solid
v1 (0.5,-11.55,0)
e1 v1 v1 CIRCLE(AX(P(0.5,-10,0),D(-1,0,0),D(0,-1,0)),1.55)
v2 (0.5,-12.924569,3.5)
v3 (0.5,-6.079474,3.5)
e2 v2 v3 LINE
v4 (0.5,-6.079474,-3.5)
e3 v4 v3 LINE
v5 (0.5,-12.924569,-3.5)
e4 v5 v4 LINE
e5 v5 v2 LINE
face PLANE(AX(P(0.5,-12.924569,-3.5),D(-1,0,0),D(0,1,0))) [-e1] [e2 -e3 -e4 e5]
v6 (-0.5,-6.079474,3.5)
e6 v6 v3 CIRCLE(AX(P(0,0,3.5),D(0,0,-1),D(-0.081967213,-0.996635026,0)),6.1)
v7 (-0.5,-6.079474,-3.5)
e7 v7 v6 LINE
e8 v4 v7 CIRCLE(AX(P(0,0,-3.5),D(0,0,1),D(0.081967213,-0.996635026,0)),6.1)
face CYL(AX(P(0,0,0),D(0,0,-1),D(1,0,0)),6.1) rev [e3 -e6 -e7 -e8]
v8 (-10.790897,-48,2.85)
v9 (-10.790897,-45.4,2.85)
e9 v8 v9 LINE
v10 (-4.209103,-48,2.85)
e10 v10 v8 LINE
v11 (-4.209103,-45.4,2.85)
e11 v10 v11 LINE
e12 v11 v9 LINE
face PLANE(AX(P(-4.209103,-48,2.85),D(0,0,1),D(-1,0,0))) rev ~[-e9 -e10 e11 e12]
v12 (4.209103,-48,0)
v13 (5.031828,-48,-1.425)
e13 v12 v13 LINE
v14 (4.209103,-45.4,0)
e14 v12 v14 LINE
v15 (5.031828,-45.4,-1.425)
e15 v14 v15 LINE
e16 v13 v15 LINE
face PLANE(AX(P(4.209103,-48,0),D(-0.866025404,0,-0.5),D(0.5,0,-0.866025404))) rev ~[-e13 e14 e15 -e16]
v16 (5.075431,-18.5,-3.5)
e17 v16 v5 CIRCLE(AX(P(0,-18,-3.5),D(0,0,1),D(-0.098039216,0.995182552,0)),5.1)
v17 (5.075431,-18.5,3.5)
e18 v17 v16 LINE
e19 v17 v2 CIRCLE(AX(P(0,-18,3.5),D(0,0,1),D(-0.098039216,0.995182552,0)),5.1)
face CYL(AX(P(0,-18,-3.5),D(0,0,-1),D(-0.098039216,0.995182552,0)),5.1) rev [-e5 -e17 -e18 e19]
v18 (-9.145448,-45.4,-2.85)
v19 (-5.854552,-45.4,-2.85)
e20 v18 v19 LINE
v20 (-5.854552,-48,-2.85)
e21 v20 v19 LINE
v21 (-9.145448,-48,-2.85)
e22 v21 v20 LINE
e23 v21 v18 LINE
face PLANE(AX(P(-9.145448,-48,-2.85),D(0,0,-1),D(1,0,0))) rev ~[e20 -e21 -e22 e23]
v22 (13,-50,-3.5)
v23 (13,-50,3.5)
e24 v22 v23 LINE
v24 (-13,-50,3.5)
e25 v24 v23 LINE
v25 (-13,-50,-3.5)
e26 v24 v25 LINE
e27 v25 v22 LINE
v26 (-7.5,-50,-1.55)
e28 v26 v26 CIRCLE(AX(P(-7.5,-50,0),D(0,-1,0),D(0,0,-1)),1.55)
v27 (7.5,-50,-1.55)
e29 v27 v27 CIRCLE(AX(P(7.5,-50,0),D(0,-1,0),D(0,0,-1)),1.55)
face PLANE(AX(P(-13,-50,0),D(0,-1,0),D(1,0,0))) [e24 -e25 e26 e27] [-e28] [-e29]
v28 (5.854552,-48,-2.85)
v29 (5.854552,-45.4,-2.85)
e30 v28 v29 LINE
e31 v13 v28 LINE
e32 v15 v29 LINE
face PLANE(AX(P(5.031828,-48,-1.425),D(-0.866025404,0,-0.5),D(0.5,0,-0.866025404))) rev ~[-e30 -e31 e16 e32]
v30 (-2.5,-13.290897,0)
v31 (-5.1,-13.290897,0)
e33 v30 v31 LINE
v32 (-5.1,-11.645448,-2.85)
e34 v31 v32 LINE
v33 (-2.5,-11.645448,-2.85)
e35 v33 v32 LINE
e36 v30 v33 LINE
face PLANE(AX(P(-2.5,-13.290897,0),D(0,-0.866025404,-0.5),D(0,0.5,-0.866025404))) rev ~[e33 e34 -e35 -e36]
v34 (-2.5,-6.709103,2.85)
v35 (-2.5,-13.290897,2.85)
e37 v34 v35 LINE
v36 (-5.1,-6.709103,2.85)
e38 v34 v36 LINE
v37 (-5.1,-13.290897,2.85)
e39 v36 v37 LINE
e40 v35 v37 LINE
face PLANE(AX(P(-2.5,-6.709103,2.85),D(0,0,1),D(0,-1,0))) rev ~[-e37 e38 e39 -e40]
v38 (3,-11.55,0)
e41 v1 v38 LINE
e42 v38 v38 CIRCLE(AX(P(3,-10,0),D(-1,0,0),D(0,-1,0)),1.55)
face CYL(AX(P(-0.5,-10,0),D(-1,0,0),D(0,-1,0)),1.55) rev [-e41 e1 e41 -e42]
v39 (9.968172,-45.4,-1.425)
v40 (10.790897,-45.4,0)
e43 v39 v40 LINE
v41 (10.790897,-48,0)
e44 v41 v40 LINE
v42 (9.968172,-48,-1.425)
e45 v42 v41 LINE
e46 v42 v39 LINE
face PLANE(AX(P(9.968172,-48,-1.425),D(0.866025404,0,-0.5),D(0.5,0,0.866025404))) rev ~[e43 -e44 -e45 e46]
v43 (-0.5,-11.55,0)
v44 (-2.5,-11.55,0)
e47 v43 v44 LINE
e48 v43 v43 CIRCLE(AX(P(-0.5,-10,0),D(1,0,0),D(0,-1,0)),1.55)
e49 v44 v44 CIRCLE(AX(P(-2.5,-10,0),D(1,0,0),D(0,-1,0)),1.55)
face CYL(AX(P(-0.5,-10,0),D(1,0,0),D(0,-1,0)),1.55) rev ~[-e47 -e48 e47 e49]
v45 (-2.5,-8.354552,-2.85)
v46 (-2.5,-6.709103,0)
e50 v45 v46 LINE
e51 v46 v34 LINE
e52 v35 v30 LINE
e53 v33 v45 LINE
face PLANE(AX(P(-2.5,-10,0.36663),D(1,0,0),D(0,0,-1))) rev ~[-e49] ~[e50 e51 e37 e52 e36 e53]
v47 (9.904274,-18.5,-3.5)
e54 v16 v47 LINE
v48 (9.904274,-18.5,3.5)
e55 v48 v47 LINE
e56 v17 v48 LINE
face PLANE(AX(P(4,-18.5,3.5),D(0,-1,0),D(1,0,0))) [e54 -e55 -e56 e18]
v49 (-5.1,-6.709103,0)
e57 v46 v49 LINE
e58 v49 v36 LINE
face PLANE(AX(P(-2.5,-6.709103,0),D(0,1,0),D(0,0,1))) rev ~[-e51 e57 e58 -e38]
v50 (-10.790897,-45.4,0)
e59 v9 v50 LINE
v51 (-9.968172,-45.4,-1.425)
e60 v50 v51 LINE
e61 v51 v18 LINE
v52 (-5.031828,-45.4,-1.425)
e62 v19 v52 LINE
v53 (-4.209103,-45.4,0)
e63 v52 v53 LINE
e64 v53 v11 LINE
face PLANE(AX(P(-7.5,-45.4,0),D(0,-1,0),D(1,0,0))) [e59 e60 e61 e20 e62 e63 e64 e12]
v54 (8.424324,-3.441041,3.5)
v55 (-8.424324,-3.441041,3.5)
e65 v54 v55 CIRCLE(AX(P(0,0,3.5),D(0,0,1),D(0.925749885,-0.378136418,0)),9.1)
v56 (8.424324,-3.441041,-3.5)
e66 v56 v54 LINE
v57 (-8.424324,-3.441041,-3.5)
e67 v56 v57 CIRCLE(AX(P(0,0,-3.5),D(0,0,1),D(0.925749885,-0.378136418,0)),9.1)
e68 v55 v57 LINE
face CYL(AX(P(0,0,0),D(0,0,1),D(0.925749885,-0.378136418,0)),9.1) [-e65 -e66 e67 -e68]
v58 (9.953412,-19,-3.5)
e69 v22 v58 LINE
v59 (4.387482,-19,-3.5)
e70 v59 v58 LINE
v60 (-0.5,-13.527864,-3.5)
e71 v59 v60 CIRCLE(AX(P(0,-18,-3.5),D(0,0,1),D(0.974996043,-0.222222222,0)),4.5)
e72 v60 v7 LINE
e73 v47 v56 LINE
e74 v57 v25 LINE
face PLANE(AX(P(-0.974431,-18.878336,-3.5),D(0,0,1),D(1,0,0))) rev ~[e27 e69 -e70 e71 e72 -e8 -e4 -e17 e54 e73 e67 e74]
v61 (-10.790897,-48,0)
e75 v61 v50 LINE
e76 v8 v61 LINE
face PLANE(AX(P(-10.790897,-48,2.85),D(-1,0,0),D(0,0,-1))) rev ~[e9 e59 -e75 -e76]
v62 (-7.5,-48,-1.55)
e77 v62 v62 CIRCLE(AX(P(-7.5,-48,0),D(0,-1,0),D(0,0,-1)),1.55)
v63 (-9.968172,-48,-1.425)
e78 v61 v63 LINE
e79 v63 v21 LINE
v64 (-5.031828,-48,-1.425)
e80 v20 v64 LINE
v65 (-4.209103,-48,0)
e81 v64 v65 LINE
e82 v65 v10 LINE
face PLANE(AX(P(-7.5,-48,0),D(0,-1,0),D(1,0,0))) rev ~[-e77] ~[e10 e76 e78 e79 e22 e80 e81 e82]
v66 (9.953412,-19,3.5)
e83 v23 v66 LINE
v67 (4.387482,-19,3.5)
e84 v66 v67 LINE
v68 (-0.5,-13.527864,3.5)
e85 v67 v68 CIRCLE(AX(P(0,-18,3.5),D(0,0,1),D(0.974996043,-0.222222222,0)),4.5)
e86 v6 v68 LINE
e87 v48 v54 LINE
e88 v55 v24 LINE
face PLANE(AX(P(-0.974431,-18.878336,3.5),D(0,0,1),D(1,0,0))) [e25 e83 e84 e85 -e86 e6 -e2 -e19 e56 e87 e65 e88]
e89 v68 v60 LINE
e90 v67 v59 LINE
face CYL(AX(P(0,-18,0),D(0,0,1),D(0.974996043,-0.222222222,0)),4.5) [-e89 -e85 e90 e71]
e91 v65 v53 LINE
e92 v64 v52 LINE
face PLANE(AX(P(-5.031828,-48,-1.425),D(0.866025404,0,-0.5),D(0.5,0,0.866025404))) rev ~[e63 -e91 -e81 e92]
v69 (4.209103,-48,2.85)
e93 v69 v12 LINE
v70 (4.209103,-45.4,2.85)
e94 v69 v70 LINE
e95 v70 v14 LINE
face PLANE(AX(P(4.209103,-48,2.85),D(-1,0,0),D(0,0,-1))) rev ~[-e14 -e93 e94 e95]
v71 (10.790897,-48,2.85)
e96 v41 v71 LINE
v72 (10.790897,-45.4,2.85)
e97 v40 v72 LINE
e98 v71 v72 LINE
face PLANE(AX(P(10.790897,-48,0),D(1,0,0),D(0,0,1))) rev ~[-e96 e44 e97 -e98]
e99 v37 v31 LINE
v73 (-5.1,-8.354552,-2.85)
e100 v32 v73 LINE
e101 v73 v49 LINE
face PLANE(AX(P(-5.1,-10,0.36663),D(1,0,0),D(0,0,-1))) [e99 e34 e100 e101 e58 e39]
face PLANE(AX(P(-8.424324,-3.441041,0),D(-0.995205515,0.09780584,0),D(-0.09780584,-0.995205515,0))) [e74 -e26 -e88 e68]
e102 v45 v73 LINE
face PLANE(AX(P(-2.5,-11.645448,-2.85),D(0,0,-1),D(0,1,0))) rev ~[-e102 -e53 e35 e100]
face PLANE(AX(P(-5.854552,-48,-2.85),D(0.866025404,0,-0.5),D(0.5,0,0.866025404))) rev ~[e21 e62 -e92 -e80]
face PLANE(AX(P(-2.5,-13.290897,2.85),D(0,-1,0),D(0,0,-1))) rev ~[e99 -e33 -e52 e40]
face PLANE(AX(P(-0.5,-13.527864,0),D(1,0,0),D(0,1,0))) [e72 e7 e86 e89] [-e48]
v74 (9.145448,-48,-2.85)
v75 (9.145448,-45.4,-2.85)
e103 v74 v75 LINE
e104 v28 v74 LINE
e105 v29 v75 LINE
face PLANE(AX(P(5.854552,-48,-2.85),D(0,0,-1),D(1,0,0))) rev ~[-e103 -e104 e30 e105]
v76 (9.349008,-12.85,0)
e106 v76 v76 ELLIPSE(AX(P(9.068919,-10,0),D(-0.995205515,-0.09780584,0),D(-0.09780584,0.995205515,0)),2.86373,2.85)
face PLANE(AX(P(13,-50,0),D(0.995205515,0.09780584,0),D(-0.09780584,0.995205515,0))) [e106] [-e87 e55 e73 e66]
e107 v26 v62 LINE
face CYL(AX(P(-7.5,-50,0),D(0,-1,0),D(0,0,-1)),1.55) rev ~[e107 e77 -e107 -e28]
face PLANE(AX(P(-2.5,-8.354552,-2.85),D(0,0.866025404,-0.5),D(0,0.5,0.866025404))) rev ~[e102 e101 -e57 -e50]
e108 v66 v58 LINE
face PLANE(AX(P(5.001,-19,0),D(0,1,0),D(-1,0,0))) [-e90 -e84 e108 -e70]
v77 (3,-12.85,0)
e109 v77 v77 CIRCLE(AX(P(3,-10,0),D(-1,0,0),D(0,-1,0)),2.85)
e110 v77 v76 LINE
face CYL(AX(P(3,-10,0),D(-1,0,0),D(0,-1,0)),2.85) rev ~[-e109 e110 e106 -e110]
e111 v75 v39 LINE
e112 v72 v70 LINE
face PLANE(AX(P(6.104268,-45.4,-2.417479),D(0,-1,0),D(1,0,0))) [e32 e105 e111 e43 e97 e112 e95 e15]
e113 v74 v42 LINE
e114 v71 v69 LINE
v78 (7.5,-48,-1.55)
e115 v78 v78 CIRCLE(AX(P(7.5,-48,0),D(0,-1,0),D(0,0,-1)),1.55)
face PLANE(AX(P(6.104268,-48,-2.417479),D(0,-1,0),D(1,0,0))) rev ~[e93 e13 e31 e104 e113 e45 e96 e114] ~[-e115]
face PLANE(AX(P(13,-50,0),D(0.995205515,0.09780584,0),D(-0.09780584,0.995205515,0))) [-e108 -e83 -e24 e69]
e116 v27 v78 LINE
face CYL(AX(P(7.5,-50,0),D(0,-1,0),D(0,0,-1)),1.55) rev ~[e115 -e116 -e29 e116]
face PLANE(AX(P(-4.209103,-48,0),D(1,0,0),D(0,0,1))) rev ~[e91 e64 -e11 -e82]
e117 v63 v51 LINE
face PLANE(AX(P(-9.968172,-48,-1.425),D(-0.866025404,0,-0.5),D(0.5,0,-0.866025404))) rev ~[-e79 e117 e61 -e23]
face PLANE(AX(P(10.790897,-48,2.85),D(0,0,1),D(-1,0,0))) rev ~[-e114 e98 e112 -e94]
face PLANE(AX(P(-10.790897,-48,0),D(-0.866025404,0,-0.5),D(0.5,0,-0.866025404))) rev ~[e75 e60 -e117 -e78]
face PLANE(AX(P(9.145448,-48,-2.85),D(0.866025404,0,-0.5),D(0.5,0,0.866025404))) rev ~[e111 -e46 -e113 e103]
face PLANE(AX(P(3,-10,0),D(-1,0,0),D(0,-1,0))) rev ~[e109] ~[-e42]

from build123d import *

# Parameters (mm, degrees)
SKETCH1_R                      = 6.1
THICKNESS_DEPTH                = 3.5
BOTNUTCUT_START                = -2
SKETCH2_R                      = 2.85
BOTNUTCUT_DEPTH                = 2.6
SKETCH3_R                      = 1.55
BOTSCREWCUT_DEPTH              = 2
CUT_EXTRUDE1_START             = -7
CUT_EXTRUDE1_DEPTH             = 7
RAILNUTCUT_START               = -2
RAILNUTCUT_DEPTH               = 2.6
SKETCH7_R                      = 1.55
RAILSCREWCUT_DEPTH             = 2.6
RAILSCREWCUT_DIRECTION_2_REACH = 53.909
RAILNUTHEADCUT_REACH           = 56.409
RAILNUTHEADCUT_START           = -2.5
SKETCH8_R                      = 2.85
SKETCH9_W                      = 7
SKETCH9_H                      = 0.5
MOVEMENTCUT_DEPTH              = 7
SKETCH10_R                     = 4.5
BOSS_EXTRUDE1_DEPTH            = 3.5


with BuildPart() as part:
    # Sketch1 → Thickness (new, symmetric)
    with BuildSketch(Plane.XY):
        with BuildLine():
            Line((-13, -50), (13, -50))
            Line((13, -50), (8.424323952, -3.441041405))
            ThreePointArc((8.424323952, -3.441041405), (0, 9.1), (-8.424323952, -3.441041405))
            Line((-8.424323952, -3.441041405), (-13, -50))
        make_face()
        Circle(SKETCH1_R, mode=Mode.SUBTRACT)
    extrude(amount=THICKNESS_DEPTH, both=True)

    # Sketch2 → BotNutCut (cut)
    with BuildSketch(Plane.XZ.offset(50).offset(BOTNUTCUT_START)):
        with Locations((-7.5, 0)):
            Circle(SKETCH2_R)
        with BuildLine():
            Line((-10.790896534, 2.85), (-10.790896534, 0))
            Line((-10.790896534, 0), (-9.968172361, -1.42500007))
            ThreePointArc((-9.968172361, -1.42500007), (-9.96817242, 1.424999968), (-7.499999995, 2.85))
            Line((-7.499999995, 2.85), (-10.790896534, 2.85))
        make_face()
        with BuildLine():
            Line((-4.209103466, 2.85), (-7.499999995, 2.85))
            ThreePointArc((-7.499999995, 2.85), (-5.484745672, 2.015254324), (-4.65, 0))
            ThreePointArc((-4.65, 0), (-4.747111384, -0.737634237), (-5.031827556, -1.424999925))
            Line((-5.031827556, -1.424999925), (-4.209103466, 0))
            Line((-4.209103466, 0), (-4.209103466, 2.85))
        make_face()
        with BuildLine():
            ThreePointArc((-5.031827556, -1.424999925), (-6.074999963, -2.468172379), (-7.5, -2.85))
            Line((-7.5, -2.85), (-5.854551733, -2.85))
            Line((-5.854551733, -2.85), (-5.031827556, -1.424999925))
        make_face()
        with BuildLine():
            ThreePointArc((-7.5, -2.85), (-8.924999965, -2.468172421), (-9.968172361, -1.42500007))
            Line((-9.968172361, -1.42500007), (-9.145448267, -2.85))
            Line((-9.145448267, -2.85), (-7.5, -2.85))
        make_face()
        with BuildLine():
            ThreePointArc((7.5, -2.85), (6.074999995, -2.468172398), (5.031827593, -1.42499999))
            Line((5.031827593, -1.42499999), (5.854551733, -2.85))
            Line((5.854551733, -2.85), (7.5, -2.85))
        make_face()
        with BuildLine():
            ThreePointArc((9.968172375, -1.425000045), (8.924999978, -2.468172414), (7.5, -2.85))
            Line((7.5, -2.85), (9.145448267, -2.85))
            Line((9.145448267, -2.85), (9.968172375, -1.425000045))
        make_face()
        with BuildLine():
            Line((10.790896534, 2.85), (7.5, 2.85))
            ThreePointArc((7.5, 2.85), (9.515254326, 2.015254326), (10.35, 0))
            ThreePointArc((10.35, 0), (10.252888598, -0.737634304), (9.968172375, -1.425000045))
            Line((9.968172375, -1.425000045), (10.790896534, 0))
            Line((10.790896534, 0), (10.790896534, 2.85))
        make_face()
        with BuildLine():
            Line((4.209103466, 2.85), (4.209103466, 0))
            Line((4.209103466, 0), (5.031827593, -1.42499999))
            ThreePointArc((5.031827593, -1.42499999), (5.031827602, 1.425000005), (7.5, 2.85))
            Line((7.5, 2.85), (4.209103466, 2.85))
        make_face()
        with Locations((7.5, 0)):
            Circle(SKETCH2_R)
    extrude(amount=-BOTNUTCUT_DEPTH, mode=Mode.SUBTRACT)

    # Sketch3 → BotScrewCut (cut)
    with BuildSketch(Plane.XZ.offset(50)):
        with Locations(Location((-7.5, 0, 0), (0, 0, 270))):
            Circle(SKETCH3_R)
        with Locations(Location((7.5, 0, 0), (0, 0, 270))):
            Circle(SKETCH3_R)
    extrude(amount=-BOTSCREWCUT_DEPTH, mode=Mode.SUBTRACT)

    # Sketch5 → Cut-Extrude1 (cut)
    with BuildSketch(Plane.XY.offset(3.5).offset(CUT_EXTRUDE1_START)):
        with BuildLine():
            ThreePointArc((0.5, -6.079473661), (0, -6.1), (-0.5, -6.079473661))
            Line((-0.5, -6.079473661), (-0.5, -12.924568984))
            ThreePointArc((-0.5, -12.924568984), (0, -23.1), (0.5, -12.924568984))
            Line((0.5, -12.924568984), (0.5, -6.079473661))
        make_face()
    extrude(amount=CUT_EXTRUDE1_DEPTH, mode=Mode.SUBTRACT)

    # Sketch6 → RailNutCut (cut)
    with BuildSketch(Plane(origin=(-0.5, 0, 0), x_dir=(0, 0, -1), z_dir=(1, 0, 0)).offset(RAILNUTCUT_START)):
        Polygon((0, -13.290896534), (2.85, -11.645448267), (2.85, -8.354551733), (0, -6.709103466), (-2.85, -6.709103466), (-2.85, -13.290896534), align=None)
    extrude(amount=-RAILNUTCUT_DEPTH, mode=Mode.SUBTRACT)

    # Sketch7 → RailScrewCut (cut)
    with BuildSketch(Plane(origin=(-0.5, 0, 0), x_dir=(0, 0, -1), z_dir=(1, 0, 0))):
        with Locations(Location((0, -10, 0), (0, 0, 270))):
            Circle(SKETCH7_R)
    extrude(amount=-RAILSCREWCUT_DEPTH, mode=Mode.SUBTRACT)

    # RailScrewCut direction 2: up to this plane
    railscrewcut_direction_2_end = Plane(origin=(13, -50, 3.5), z_dir=(-0.9952055153223801, -0.09780583966162733, 0))
    # Sketch7 → RailScrewCut direction 2 (cut, up to the surface)
    with BuildSketch(Plane(origin=(-0.5, 0, 0), x_dir=(0, 0, -1), z_dir=(1, 0, 0)), mode=Mode.PRIVATE) as railscrewcut_direction_2_sk1:
        with Locations(Location((0, -10, 0), (0, 0, 270))):
            Circle(SKETCH7_R)
    railscrewcut_direction_2_tool1 = split(extrude(railscrewcut_direction_2_sk1.sketch, amount=RAILSCREWCUT_DIRECTION_2_REACH, mode=Mode.PRIVATE), bisect_by=railscrewcut_direction_2_end, keep=Keep.BOTH, mode=Mode.PRIVATE)
    add(railscrewcut_direction_2_tool1.solids().sort_by_distance((-0.5, -10, 0))[0], mode=Mode.SUBTRACT)

    # RailNutHeadCut: up to this plane
    railnutheadcut_end = Plane(origin=(13, -50, 3.5), z_dir=(-0.9952055153223801, -0.09780583966162733, 0))
    # Sketch8 → RailNutHeadCut (cut, up to the surface)
    with BuildSketch(Plane.ZY.offset(-0.5).offset(RAILNUTHEADCUT_START), mode=Mode.PRIVATE) as railnutheadcut_sk1:
        with Locations(Location((0, -10, 0), (0, 0, 270))):
            Circle(SKETCH8_R)
    railnutheadcut_tool1 = split(extrude(railnutheadcut_sk1.sketch, amount=-RAILNUTHEADCUT_REACH, mode=Mode.PRIVATE), bisect_by=railnutheadcut_end, keep=Keep.BOTH, mode=Mode.PRIVATE)
    add(railnutheadcut_tool1.solids().sort_by_distance((3, -10, 0))[0], mode=Mode.SUBTRACT)

    # Sketch9 → MovementCut (cut)
    with BuildSketch(Plane.XY.offset(3.5)):
        with Locations((7.5, -18.75)):
            Rectangle(SKETCH9_W, SKETCH9_H)
    extrude(amount=-MOVEMENTCUT_DEPTH, mode=Mode.SUBTRACT)

    # Sketch10 → Boss-Extrude1 (add, symmetric)
    with BuildSketch(Plane.XY):
        with BuildLine():
            Line((-0.5, -13.527864045), (-0.5, -12.924568984))
            ThreePointArc((-0.5, -12.924568984), (-3.780537731, -21.42308844), (5.0009999, -19))
            Line((5.0009999, -19), (4.387482194, -19))
            ThreePointArc((4.387482194, -19), (-3.356217727, -20.997632828), (-0.5, -13.527864045))
        make_face()
        with Locations((0, -18)):
            Circle(SKETCH10_R)
    extrude(amount=BOSS_EXTRUDE1_DEPTH, both=True)


solid = part.part
